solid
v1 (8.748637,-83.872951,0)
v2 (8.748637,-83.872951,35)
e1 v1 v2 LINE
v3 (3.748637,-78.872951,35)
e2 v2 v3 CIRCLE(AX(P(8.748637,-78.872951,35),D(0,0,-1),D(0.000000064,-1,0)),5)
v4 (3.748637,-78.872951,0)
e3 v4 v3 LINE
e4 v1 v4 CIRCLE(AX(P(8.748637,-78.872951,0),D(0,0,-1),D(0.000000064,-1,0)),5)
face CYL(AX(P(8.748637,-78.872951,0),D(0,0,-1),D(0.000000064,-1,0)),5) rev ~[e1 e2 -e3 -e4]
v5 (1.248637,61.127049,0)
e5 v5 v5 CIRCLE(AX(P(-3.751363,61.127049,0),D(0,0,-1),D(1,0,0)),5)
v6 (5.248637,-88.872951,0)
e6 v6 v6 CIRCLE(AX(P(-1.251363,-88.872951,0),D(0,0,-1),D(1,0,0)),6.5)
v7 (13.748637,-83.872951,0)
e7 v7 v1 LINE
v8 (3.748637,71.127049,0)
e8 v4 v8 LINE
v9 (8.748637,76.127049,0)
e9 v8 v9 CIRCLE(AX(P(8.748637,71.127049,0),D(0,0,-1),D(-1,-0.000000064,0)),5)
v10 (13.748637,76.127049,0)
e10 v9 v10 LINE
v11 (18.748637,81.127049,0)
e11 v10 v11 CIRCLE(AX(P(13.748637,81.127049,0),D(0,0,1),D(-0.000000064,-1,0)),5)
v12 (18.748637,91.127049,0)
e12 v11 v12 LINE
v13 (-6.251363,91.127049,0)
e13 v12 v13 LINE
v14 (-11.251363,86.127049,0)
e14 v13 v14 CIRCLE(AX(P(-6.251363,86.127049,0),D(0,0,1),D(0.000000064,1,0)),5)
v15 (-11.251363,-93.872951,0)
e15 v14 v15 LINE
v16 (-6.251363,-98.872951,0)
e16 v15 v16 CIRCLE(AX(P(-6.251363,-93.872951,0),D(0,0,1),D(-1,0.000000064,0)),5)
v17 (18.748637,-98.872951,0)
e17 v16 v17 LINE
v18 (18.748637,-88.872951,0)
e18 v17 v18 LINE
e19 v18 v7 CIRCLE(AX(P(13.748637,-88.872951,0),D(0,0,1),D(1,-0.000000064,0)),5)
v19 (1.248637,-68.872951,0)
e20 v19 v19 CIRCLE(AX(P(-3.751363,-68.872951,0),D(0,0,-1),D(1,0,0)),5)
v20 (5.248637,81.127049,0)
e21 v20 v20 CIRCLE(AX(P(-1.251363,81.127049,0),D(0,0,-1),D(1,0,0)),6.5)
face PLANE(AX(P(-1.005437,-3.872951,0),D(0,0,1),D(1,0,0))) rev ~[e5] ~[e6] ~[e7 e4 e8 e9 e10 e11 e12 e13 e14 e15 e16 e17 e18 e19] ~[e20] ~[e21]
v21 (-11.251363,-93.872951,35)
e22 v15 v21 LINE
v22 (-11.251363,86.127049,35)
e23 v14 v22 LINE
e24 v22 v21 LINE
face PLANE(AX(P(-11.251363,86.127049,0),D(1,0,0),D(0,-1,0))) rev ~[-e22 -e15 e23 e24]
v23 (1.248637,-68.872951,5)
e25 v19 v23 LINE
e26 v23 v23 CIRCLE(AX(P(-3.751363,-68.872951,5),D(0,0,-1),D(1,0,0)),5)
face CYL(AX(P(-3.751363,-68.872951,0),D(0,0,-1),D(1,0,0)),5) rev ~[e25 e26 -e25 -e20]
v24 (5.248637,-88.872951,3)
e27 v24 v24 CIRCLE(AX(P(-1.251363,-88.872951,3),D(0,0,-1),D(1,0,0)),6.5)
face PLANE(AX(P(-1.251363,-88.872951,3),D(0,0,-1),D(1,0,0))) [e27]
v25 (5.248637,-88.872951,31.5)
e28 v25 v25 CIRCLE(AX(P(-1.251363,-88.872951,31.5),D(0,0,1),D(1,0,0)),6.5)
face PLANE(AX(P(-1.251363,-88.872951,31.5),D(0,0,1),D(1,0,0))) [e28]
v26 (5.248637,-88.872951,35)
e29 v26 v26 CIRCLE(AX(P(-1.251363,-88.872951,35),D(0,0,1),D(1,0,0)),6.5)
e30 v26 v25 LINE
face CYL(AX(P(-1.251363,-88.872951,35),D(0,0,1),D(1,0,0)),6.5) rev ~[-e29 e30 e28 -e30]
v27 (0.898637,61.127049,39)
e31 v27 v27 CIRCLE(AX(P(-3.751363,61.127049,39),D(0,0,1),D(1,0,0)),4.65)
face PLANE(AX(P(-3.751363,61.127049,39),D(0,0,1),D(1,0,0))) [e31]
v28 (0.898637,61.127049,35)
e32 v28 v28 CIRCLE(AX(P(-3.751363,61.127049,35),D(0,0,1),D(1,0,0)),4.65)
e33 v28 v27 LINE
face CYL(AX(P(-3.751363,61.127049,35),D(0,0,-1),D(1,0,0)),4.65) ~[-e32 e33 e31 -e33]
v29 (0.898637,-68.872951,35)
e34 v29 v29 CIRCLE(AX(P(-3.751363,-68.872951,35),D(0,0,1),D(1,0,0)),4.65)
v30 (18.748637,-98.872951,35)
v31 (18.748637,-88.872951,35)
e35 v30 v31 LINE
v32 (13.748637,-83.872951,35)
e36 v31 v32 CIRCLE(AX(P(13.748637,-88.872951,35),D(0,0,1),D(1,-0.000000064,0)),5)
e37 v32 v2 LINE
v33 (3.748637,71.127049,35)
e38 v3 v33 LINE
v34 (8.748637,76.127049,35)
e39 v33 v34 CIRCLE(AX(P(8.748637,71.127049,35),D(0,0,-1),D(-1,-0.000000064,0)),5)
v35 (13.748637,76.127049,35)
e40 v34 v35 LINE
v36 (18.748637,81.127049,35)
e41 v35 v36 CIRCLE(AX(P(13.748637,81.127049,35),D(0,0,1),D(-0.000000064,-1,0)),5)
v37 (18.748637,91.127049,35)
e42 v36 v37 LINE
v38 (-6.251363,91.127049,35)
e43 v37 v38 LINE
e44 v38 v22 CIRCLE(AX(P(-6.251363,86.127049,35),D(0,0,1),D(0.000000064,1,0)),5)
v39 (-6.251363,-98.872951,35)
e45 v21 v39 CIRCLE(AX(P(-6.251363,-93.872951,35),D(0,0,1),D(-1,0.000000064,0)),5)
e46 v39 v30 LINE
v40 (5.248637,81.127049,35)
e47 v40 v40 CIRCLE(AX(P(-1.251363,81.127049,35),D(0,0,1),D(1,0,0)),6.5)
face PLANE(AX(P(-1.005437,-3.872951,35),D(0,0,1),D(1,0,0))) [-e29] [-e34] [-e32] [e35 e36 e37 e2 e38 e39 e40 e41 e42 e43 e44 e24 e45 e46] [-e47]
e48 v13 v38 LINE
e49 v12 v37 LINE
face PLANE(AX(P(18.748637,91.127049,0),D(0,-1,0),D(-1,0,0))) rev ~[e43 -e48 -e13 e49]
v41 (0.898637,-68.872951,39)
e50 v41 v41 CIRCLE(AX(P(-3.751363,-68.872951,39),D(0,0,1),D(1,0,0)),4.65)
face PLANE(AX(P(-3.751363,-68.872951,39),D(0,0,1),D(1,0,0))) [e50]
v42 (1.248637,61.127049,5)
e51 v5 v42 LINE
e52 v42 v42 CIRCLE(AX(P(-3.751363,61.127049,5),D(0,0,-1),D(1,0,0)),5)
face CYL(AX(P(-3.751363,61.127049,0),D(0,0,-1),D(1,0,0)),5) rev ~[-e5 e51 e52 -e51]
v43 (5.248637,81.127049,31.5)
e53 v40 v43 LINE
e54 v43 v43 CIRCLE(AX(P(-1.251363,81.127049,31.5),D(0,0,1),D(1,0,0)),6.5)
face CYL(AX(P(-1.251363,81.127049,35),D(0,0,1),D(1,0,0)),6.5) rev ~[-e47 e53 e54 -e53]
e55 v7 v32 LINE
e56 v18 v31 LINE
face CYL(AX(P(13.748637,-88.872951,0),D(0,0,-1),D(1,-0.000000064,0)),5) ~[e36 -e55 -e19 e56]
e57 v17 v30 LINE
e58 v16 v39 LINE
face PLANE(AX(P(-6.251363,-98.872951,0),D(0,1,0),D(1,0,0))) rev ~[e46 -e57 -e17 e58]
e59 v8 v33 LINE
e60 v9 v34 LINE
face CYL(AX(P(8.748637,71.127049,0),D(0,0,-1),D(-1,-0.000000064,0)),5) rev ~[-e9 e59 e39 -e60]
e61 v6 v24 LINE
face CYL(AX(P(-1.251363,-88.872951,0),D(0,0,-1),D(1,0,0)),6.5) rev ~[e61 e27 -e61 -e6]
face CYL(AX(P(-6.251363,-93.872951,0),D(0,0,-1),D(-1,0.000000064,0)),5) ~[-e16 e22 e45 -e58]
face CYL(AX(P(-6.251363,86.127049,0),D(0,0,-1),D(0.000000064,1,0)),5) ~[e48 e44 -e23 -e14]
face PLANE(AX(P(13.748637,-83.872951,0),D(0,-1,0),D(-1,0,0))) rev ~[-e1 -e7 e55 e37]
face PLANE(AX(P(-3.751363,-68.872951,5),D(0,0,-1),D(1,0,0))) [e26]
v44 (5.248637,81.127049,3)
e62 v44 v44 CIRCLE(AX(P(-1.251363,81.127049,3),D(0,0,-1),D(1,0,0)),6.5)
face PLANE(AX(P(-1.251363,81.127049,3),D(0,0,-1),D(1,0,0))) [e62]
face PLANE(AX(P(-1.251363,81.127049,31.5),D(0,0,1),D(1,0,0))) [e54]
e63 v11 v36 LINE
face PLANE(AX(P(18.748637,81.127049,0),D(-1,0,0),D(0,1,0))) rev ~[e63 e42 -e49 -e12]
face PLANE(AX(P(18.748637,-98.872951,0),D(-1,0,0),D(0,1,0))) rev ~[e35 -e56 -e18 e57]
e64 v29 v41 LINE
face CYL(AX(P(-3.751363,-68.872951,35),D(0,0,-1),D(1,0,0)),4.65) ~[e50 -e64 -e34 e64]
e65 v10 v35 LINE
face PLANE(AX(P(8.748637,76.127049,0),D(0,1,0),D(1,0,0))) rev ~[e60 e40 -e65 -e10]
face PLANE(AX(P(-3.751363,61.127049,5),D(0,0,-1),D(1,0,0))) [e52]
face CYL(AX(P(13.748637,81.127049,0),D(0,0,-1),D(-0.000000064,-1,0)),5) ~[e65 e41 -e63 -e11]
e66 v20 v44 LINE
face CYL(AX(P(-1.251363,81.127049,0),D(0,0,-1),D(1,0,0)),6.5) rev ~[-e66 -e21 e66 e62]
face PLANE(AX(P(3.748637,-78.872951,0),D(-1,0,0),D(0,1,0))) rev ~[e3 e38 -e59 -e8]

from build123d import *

# Parameters (mm, degrees)
F1_DEPTH = 35
F2_R     = 6.5
F4_DEPTH = 3.5
F2_R_2   = 4.65
F5_DEPTH = 4
F3_R     = 6.5
F6_DEPTH = 3
F3_R_2   = 5
F7_DEPTH = 5


with BuildPart() as f1:
    # F0 (on Top) → F1 (new body)
    with BuildSketch(Plane.XY):
        with BuildLine():
            Line((18.748637, 81.127049), (18.748637, 91.127049))
            Line((18.748637, 91.127049), (-6.251363, 91.127049))
            ThreePointArc((-6.251363, 91.127049), (-9.786897, 89.662583), (-11.251363, 86.127049))
            Line((-11.251363, 86.127049), (-11.251363, -93.872951))
            ThreePointArc((-11.251363, -93.872951), (-9.786897, -97.408485), (-6.251363, -98.872951))
            Line((-6.251363, -98.872951), (18.748637, -98.872951))
            Line((18.748637, -98.872951), (18.748637, -88.872951))
            ThreePointArc((18.748637, -88.872951), (17.284171, -85.337417), (13.748637, -83.872951))
            Line((13.748637, -83.872951), (8.748637, -83.872951))
            ThreePointArc((8.748637, -83.872951), (5.213103, -82.408485), (3.748637, -78.872951))
            Line((3.748637, -78.872951), (3.748637, 71.127049))
            ThreePointArc((3.748637, 71.127049), (5.213103, 74.662583), (8.748637, 76.127049))
            Line((8.748637, 76.127049), (13.748637, 76.127049))
            ThreePointArc((13.748637, 76.127049), (17.284171, 77.591515), (18.748637, 81.127049))
        make_face()
    extrude(amount=F1_DEPTH)

    # F2 (on face) → F4 (cut)
    with BuildSketch(Plane.XY.offset(35)):
        with Locations((-1.251363, 81.127049)):
            Circle(F2_R)
        with Locations((-1.251363, -88.872951)):
            Circle(F2_R)
    extrude(amount=-F4_DEPTH, mode=Mode.SUBTRACT)

    # F2 (on face) → F5 (join)
    with BuildSketch(Plane.XY.offset(35)):
        with Locations((-3.751363, 61.127049)):
            Circle(F2_R_2)
        with Locations((-3.751363, -68.872951)):
            Circle(F2_R_2)
    extrude(amount=F5_DEPTH)

    # F3 (on face) → F6 (cut)
    with BuildSketch(Plane(origin=(0, 0, 0), x_dir=(1, 0, 0), z_dir=(0, 0, -1))):
        with Locations((-1.251363, -81.127049)):
            Circle(F3_R)
        with Locations((-1.251363, 88.872951)):
            Circle(F3_R)
    extrude(amount=-F6_DEPTH, mode=Mode.SUBTRACT)

    # F3 (on face) → F7 (cut)
    with BuildSketch(Plane(origin=(0, 0, 0), x_dir=(1, 0, 0), z_dir=(0, 0, -1))):
        with Locations((-3.751363, -61.127049)):
            Circle(F3_R_2)
        with Locations((-3.751363, 68.872951)):
            Circle(F3_R_2)
    extrude(amount=-F7_DEPTH, mode=Mode.SUBTRACT)


solid = f1.part
